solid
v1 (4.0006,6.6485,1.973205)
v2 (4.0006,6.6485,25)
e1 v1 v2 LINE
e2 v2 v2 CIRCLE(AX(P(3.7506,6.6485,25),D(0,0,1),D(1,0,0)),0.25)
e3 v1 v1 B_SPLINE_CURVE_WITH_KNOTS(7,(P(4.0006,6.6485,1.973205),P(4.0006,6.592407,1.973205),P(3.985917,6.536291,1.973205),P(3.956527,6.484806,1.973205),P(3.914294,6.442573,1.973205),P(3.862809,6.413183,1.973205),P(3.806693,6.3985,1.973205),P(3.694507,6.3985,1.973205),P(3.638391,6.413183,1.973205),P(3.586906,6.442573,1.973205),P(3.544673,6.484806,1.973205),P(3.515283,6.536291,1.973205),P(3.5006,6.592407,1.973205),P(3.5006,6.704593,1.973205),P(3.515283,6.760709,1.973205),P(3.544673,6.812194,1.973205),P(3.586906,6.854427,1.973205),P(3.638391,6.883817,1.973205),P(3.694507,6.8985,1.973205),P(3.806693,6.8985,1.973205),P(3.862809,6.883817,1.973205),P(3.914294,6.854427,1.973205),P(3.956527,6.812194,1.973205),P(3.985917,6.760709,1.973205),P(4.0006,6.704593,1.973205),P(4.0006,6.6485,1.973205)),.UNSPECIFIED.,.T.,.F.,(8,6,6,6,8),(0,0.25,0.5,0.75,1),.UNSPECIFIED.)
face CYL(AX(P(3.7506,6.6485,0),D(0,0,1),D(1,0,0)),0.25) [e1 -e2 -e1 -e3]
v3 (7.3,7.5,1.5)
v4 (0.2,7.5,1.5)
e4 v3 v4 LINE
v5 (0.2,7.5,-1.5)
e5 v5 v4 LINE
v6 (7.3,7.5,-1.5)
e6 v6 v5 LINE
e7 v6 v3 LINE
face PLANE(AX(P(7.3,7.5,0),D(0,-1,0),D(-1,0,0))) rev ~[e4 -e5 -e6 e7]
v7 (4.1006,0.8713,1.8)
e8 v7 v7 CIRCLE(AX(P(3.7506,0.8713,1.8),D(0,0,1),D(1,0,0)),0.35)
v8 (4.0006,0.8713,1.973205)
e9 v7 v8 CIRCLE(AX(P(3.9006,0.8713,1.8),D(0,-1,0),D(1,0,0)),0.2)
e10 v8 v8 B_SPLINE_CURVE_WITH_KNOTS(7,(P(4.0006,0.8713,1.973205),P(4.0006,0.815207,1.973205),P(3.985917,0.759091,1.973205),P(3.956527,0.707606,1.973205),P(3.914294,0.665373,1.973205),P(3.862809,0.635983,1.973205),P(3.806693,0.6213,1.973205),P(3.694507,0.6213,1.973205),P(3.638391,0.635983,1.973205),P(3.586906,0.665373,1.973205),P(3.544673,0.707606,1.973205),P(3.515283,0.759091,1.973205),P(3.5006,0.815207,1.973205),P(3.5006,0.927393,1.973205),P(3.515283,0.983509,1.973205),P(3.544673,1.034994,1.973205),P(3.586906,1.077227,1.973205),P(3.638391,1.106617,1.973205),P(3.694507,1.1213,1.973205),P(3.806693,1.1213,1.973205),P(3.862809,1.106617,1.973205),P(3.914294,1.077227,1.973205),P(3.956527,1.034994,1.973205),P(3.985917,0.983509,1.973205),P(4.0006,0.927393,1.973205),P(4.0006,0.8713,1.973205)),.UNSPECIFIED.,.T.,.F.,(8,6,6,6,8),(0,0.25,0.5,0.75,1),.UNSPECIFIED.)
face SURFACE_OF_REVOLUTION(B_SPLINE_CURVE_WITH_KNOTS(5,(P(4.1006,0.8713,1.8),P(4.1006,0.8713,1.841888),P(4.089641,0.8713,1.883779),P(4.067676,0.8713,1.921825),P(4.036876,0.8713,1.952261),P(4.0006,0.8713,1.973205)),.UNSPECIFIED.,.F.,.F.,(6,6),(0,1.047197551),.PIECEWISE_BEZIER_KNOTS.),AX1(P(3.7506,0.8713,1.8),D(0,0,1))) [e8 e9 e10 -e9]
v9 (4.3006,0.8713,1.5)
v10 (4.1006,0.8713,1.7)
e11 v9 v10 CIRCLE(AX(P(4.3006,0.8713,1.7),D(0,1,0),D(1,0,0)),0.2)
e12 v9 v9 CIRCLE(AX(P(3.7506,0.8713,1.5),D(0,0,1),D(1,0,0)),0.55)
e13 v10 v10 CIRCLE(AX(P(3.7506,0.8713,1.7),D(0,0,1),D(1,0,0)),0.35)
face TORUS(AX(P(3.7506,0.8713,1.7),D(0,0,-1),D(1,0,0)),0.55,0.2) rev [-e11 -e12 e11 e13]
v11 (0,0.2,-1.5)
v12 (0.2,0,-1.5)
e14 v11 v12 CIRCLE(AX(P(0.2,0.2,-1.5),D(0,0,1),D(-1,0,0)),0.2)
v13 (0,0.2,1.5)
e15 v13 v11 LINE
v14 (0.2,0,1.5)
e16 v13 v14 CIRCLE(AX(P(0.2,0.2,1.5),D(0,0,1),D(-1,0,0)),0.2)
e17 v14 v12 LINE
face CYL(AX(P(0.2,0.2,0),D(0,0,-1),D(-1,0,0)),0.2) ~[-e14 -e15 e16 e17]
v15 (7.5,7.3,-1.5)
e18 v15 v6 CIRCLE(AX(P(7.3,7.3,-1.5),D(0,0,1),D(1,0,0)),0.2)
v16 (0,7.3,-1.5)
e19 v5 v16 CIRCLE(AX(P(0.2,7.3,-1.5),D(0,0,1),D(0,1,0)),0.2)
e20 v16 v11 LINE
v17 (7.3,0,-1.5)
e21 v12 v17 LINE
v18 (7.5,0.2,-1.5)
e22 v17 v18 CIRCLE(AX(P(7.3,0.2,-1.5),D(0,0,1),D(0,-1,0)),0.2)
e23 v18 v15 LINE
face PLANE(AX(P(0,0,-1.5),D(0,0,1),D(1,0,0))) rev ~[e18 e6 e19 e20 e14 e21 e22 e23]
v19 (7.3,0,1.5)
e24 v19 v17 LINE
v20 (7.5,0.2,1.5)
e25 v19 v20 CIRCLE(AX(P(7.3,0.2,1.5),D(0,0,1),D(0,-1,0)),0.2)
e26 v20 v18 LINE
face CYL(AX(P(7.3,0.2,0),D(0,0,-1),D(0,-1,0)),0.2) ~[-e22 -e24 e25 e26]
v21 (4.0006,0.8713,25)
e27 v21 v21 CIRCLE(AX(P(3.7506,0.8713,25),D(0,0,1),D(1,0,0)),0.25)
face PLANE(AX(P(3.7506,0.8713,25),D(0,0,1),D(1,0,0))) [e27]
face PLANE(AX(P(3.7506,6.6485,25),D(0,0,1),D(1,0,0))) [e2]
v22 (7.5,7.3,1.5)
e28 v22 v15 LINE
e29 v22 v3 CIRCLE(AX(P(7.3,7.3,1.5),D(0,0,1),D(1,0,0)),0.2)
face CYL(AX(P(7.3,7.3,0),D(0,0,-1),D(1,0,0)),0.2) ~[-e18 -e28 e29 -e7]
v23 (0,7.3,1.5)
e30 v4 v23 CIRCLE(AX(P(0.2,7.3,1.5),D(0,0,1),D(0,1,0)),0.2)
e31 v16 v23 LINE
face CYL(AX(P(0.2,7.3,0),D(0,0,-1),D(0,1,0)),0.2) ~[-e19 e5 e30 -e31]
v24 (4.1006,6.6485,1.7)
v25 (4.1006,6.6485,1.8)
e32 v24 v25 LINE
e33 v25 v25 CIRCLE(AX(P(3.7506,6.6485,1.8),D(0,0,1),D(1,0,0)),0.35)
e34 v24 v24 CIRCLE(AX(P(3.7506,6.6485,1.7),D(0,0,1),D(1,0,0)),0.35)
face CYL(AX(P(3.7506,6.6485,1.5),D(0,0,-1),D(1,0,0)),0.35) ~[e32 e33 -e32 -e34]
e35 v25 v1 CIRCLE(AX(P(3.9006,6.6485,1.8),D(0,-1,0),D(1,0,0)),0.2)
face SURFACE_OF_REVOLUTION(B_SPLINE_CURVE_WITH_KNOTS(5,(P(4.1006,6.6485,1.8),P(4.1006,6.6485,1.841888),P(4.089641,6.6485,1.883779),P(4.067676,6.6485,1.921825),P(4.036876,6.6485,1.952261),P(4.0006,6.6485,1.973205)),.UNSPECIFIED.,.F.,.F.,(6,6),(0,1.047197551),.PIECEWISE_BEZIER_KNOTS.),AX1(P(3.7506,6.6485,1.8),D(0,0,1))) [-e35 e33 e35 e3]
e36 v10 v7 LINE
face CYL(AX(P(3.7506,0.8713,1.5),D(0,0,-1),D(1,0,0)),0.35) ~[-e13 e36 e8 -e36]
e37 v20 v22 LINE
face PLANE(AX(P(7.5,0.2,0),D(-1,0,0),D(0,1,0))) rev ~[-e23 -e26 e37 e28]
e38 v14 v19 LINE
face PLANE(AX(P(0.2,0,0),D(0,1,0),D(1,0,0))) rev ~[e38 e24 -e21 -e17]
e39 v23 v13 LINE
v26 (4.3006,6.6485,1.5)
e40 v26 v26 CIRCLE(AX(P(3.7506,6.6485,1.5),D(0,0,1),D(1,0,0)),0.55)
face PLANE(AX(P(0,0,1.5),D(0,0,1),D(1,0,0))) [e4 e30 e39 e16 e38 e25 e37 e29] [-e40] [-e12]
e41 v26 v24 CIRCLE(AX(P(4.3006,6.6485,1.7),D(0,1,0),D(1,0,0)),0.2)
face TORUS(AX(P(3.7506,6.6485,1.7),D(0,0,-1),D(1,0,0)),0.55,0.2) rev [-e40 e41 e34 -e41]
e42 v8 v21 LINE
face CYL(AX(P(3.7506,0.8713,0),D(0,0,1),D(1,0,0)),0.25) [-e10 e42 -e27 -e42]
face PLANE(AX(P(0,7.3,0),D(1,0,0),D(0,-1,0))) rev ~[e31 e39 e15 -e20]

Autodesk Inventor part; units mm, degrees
ref_plane "YZ Plane" through (0, 0, 0) normal (1, 0, 0) x (0, 1, 0)
ref_plane "XZ Plane" through (0, 0, 0) normal (0, 1, 0) x (-1, 0, 0)
ref_plane "XY Plane" through (0, 0, 0) normal (0, 0, 1) x (1, 0, 0)
sketch "Sketch1" plane through (0, 0, 0) normal (0, 0, 1) x (1, 0, 0)
  line L0 (7.3, 7.5) -> (0.2, 7.5)
  line L1 (0, 7.3) -> (0, 0.2)
  line L2 (0.2, 0) -> (7.3, 0)
  line L3 (7.5, 0.2) -> (7.5, 7.3)
  arc A0 (7.5, 7.3) -> (7.3, 7.5) centre (7.3, 7.3) ccw
  arc A1 (0.2, 7.5) -> (0, 7.3) centre (0.2, 7.3) ccw
  arc A2 (0, 0.2) -> (0.2, 0) centre (0.2, 0.2) ccw
  arc A3 (7.3, 0) -> (7.5, 0.2) centre (7.3, 0.2) ccw
  point P0 (0, 0)
  point P1 (0, 7.5)
  point P2 (7.5, 0)
  dimension "d0" = 7.5
  dimension "d1" = 7.5
  dimension "d2" = 0.2
extrude "Extrusion1" add sketch "Sketch1" along normal mid plane 3
sketch "Sketch3" plane through (0, 0, 0) normal (0, 0, 1) x (1, 0, 0)
  line L0 (0, 7.3) -> (0, 0.2) projected
  line L1 (1.4869, 3.75) -> (1.4869, 1.25)
  line L2 (1.4869, 1.25) -> (5.2369, 1.25)
  line L3 (1.4869, 3.75) -> (1.4869, 6.25)
  line L4 (1.4869, 6.25) -> (5.2369, 6.25)
  line L5 (1.4869, 1.25) -> (0, 1.25)
  line L6 (0, 1.25) -> (3.75, 1.25)
  line L7 (3.75, 1.25) -> (3.75, 6.25)
  line L8 (3.75, 6.25) -> (0, 6.25)
  point P0 (0, 0)
  dimension "d7" = 2.5
  dimension "d8" = 3.75
  dimension "d9" = 2.5
  dimension "d10" = 3.75
  dimension "d11" = 3.75
  dimension "d12" = 5
  dimension "d13" = 3.75
ref_plane "Work Plane1" through (3.75, 0.2, 1.5) normal (-1, 0, 0) x (0, 0, 1)
sketch "Sketch4" plane through (3.75, 0.2, 1.5) normal (-1, 0, 0) x (0, 0, 1)
  line L0 (-1.5, 6.4485) -> (23.5, 6.4485)
  line L1 (-1.5, 0.671) -> (23.5, 0.671)
  point P0 (-1.5, -0.2)
  dimension "d15" = 25
  dimension "d17" = 25
ref_plane "Work Plane2" through (0, 0, 1.5) normal (0, 0, 1) x (1, 0, 0)
sketch "Sketch6" plane through (0, 0, 1.5) normal (0, 0, 1) x (1, 0, 0)
  circle A0 centre (3.7506, 6.6485) radius 0.35
  circle A1 centre (3.7506, 0.8713) radius 0.35
  point P0 (0, 0)
  dimension "d22" = 0.7
  dimension "d27" = 0.7
extrude "Extrusion3" add sketch "Sketch6" along normal blind 0.5 contours A0
fillet "Fillet3" radius 0.2 2 edges at (3.4006, 6.6485, 1.5) (3.4006, 6.6485, 2)
extrude "Extrusion4" add sketch "Sketch6" along normal blind 0.5 contours A1
fillet "Fillet4" radius 0.2 2 edges at (3.4006, 0.8713, 2) (3.4006, 0.8713, 1.5)
ref_plane "Work Plane3" through (3.7506, 0.8713, 2) normal (0, 0, 1) x (1, 0, 0)
ref_plane "Work Plane4" through (3.7506, 6.6485, 2) normal (0, 0, 1) x (1, 0, 0)
sketch "Sketch7" plane through (3.7506, 0.8713, 2) normal (0, 0, 1) x (1, 0, 0)
  circle A0 centre (0, 0) radius 0.25
  point P0 (-3.7506, -0.8713)
  dimension "d33" = 0.5
sweep "Sweep1" add profiles "Sketch7" path "Sketch4" path curves L1
sketch "Sketch8" plane through (3.7506, 6.6485, 2) normal (0, 0, 1) x (1, 0, 0)
  circle A0 centre (0, 0) radius 0.25
  point P0 (-3.7506, -6.6485)
  dimension "d36" = 0.5
sweep "Sweep2" add profiles "Sketch8" path "Sketch4" path curves L0
equation "\"BendRadius\" = Thickness"
equation "\"BendReliefWidth\" = Thickness"
equation "\"BendReliefDepth\" = 0.5 * Thickness"
equation "\"CornerReliefSize\" = 4 * Thickness"
equation "\"MinimumRemnant\" = 2 * Thickness"
equation "\"TransitionRadius\" = BendRadius"
equation "\"JacobiRadiusSize\" = BendRadius"
equation "\"GapSize\" = Thickness"
equation "\"Thickness\" = 3.048"
properties part number "A60"
